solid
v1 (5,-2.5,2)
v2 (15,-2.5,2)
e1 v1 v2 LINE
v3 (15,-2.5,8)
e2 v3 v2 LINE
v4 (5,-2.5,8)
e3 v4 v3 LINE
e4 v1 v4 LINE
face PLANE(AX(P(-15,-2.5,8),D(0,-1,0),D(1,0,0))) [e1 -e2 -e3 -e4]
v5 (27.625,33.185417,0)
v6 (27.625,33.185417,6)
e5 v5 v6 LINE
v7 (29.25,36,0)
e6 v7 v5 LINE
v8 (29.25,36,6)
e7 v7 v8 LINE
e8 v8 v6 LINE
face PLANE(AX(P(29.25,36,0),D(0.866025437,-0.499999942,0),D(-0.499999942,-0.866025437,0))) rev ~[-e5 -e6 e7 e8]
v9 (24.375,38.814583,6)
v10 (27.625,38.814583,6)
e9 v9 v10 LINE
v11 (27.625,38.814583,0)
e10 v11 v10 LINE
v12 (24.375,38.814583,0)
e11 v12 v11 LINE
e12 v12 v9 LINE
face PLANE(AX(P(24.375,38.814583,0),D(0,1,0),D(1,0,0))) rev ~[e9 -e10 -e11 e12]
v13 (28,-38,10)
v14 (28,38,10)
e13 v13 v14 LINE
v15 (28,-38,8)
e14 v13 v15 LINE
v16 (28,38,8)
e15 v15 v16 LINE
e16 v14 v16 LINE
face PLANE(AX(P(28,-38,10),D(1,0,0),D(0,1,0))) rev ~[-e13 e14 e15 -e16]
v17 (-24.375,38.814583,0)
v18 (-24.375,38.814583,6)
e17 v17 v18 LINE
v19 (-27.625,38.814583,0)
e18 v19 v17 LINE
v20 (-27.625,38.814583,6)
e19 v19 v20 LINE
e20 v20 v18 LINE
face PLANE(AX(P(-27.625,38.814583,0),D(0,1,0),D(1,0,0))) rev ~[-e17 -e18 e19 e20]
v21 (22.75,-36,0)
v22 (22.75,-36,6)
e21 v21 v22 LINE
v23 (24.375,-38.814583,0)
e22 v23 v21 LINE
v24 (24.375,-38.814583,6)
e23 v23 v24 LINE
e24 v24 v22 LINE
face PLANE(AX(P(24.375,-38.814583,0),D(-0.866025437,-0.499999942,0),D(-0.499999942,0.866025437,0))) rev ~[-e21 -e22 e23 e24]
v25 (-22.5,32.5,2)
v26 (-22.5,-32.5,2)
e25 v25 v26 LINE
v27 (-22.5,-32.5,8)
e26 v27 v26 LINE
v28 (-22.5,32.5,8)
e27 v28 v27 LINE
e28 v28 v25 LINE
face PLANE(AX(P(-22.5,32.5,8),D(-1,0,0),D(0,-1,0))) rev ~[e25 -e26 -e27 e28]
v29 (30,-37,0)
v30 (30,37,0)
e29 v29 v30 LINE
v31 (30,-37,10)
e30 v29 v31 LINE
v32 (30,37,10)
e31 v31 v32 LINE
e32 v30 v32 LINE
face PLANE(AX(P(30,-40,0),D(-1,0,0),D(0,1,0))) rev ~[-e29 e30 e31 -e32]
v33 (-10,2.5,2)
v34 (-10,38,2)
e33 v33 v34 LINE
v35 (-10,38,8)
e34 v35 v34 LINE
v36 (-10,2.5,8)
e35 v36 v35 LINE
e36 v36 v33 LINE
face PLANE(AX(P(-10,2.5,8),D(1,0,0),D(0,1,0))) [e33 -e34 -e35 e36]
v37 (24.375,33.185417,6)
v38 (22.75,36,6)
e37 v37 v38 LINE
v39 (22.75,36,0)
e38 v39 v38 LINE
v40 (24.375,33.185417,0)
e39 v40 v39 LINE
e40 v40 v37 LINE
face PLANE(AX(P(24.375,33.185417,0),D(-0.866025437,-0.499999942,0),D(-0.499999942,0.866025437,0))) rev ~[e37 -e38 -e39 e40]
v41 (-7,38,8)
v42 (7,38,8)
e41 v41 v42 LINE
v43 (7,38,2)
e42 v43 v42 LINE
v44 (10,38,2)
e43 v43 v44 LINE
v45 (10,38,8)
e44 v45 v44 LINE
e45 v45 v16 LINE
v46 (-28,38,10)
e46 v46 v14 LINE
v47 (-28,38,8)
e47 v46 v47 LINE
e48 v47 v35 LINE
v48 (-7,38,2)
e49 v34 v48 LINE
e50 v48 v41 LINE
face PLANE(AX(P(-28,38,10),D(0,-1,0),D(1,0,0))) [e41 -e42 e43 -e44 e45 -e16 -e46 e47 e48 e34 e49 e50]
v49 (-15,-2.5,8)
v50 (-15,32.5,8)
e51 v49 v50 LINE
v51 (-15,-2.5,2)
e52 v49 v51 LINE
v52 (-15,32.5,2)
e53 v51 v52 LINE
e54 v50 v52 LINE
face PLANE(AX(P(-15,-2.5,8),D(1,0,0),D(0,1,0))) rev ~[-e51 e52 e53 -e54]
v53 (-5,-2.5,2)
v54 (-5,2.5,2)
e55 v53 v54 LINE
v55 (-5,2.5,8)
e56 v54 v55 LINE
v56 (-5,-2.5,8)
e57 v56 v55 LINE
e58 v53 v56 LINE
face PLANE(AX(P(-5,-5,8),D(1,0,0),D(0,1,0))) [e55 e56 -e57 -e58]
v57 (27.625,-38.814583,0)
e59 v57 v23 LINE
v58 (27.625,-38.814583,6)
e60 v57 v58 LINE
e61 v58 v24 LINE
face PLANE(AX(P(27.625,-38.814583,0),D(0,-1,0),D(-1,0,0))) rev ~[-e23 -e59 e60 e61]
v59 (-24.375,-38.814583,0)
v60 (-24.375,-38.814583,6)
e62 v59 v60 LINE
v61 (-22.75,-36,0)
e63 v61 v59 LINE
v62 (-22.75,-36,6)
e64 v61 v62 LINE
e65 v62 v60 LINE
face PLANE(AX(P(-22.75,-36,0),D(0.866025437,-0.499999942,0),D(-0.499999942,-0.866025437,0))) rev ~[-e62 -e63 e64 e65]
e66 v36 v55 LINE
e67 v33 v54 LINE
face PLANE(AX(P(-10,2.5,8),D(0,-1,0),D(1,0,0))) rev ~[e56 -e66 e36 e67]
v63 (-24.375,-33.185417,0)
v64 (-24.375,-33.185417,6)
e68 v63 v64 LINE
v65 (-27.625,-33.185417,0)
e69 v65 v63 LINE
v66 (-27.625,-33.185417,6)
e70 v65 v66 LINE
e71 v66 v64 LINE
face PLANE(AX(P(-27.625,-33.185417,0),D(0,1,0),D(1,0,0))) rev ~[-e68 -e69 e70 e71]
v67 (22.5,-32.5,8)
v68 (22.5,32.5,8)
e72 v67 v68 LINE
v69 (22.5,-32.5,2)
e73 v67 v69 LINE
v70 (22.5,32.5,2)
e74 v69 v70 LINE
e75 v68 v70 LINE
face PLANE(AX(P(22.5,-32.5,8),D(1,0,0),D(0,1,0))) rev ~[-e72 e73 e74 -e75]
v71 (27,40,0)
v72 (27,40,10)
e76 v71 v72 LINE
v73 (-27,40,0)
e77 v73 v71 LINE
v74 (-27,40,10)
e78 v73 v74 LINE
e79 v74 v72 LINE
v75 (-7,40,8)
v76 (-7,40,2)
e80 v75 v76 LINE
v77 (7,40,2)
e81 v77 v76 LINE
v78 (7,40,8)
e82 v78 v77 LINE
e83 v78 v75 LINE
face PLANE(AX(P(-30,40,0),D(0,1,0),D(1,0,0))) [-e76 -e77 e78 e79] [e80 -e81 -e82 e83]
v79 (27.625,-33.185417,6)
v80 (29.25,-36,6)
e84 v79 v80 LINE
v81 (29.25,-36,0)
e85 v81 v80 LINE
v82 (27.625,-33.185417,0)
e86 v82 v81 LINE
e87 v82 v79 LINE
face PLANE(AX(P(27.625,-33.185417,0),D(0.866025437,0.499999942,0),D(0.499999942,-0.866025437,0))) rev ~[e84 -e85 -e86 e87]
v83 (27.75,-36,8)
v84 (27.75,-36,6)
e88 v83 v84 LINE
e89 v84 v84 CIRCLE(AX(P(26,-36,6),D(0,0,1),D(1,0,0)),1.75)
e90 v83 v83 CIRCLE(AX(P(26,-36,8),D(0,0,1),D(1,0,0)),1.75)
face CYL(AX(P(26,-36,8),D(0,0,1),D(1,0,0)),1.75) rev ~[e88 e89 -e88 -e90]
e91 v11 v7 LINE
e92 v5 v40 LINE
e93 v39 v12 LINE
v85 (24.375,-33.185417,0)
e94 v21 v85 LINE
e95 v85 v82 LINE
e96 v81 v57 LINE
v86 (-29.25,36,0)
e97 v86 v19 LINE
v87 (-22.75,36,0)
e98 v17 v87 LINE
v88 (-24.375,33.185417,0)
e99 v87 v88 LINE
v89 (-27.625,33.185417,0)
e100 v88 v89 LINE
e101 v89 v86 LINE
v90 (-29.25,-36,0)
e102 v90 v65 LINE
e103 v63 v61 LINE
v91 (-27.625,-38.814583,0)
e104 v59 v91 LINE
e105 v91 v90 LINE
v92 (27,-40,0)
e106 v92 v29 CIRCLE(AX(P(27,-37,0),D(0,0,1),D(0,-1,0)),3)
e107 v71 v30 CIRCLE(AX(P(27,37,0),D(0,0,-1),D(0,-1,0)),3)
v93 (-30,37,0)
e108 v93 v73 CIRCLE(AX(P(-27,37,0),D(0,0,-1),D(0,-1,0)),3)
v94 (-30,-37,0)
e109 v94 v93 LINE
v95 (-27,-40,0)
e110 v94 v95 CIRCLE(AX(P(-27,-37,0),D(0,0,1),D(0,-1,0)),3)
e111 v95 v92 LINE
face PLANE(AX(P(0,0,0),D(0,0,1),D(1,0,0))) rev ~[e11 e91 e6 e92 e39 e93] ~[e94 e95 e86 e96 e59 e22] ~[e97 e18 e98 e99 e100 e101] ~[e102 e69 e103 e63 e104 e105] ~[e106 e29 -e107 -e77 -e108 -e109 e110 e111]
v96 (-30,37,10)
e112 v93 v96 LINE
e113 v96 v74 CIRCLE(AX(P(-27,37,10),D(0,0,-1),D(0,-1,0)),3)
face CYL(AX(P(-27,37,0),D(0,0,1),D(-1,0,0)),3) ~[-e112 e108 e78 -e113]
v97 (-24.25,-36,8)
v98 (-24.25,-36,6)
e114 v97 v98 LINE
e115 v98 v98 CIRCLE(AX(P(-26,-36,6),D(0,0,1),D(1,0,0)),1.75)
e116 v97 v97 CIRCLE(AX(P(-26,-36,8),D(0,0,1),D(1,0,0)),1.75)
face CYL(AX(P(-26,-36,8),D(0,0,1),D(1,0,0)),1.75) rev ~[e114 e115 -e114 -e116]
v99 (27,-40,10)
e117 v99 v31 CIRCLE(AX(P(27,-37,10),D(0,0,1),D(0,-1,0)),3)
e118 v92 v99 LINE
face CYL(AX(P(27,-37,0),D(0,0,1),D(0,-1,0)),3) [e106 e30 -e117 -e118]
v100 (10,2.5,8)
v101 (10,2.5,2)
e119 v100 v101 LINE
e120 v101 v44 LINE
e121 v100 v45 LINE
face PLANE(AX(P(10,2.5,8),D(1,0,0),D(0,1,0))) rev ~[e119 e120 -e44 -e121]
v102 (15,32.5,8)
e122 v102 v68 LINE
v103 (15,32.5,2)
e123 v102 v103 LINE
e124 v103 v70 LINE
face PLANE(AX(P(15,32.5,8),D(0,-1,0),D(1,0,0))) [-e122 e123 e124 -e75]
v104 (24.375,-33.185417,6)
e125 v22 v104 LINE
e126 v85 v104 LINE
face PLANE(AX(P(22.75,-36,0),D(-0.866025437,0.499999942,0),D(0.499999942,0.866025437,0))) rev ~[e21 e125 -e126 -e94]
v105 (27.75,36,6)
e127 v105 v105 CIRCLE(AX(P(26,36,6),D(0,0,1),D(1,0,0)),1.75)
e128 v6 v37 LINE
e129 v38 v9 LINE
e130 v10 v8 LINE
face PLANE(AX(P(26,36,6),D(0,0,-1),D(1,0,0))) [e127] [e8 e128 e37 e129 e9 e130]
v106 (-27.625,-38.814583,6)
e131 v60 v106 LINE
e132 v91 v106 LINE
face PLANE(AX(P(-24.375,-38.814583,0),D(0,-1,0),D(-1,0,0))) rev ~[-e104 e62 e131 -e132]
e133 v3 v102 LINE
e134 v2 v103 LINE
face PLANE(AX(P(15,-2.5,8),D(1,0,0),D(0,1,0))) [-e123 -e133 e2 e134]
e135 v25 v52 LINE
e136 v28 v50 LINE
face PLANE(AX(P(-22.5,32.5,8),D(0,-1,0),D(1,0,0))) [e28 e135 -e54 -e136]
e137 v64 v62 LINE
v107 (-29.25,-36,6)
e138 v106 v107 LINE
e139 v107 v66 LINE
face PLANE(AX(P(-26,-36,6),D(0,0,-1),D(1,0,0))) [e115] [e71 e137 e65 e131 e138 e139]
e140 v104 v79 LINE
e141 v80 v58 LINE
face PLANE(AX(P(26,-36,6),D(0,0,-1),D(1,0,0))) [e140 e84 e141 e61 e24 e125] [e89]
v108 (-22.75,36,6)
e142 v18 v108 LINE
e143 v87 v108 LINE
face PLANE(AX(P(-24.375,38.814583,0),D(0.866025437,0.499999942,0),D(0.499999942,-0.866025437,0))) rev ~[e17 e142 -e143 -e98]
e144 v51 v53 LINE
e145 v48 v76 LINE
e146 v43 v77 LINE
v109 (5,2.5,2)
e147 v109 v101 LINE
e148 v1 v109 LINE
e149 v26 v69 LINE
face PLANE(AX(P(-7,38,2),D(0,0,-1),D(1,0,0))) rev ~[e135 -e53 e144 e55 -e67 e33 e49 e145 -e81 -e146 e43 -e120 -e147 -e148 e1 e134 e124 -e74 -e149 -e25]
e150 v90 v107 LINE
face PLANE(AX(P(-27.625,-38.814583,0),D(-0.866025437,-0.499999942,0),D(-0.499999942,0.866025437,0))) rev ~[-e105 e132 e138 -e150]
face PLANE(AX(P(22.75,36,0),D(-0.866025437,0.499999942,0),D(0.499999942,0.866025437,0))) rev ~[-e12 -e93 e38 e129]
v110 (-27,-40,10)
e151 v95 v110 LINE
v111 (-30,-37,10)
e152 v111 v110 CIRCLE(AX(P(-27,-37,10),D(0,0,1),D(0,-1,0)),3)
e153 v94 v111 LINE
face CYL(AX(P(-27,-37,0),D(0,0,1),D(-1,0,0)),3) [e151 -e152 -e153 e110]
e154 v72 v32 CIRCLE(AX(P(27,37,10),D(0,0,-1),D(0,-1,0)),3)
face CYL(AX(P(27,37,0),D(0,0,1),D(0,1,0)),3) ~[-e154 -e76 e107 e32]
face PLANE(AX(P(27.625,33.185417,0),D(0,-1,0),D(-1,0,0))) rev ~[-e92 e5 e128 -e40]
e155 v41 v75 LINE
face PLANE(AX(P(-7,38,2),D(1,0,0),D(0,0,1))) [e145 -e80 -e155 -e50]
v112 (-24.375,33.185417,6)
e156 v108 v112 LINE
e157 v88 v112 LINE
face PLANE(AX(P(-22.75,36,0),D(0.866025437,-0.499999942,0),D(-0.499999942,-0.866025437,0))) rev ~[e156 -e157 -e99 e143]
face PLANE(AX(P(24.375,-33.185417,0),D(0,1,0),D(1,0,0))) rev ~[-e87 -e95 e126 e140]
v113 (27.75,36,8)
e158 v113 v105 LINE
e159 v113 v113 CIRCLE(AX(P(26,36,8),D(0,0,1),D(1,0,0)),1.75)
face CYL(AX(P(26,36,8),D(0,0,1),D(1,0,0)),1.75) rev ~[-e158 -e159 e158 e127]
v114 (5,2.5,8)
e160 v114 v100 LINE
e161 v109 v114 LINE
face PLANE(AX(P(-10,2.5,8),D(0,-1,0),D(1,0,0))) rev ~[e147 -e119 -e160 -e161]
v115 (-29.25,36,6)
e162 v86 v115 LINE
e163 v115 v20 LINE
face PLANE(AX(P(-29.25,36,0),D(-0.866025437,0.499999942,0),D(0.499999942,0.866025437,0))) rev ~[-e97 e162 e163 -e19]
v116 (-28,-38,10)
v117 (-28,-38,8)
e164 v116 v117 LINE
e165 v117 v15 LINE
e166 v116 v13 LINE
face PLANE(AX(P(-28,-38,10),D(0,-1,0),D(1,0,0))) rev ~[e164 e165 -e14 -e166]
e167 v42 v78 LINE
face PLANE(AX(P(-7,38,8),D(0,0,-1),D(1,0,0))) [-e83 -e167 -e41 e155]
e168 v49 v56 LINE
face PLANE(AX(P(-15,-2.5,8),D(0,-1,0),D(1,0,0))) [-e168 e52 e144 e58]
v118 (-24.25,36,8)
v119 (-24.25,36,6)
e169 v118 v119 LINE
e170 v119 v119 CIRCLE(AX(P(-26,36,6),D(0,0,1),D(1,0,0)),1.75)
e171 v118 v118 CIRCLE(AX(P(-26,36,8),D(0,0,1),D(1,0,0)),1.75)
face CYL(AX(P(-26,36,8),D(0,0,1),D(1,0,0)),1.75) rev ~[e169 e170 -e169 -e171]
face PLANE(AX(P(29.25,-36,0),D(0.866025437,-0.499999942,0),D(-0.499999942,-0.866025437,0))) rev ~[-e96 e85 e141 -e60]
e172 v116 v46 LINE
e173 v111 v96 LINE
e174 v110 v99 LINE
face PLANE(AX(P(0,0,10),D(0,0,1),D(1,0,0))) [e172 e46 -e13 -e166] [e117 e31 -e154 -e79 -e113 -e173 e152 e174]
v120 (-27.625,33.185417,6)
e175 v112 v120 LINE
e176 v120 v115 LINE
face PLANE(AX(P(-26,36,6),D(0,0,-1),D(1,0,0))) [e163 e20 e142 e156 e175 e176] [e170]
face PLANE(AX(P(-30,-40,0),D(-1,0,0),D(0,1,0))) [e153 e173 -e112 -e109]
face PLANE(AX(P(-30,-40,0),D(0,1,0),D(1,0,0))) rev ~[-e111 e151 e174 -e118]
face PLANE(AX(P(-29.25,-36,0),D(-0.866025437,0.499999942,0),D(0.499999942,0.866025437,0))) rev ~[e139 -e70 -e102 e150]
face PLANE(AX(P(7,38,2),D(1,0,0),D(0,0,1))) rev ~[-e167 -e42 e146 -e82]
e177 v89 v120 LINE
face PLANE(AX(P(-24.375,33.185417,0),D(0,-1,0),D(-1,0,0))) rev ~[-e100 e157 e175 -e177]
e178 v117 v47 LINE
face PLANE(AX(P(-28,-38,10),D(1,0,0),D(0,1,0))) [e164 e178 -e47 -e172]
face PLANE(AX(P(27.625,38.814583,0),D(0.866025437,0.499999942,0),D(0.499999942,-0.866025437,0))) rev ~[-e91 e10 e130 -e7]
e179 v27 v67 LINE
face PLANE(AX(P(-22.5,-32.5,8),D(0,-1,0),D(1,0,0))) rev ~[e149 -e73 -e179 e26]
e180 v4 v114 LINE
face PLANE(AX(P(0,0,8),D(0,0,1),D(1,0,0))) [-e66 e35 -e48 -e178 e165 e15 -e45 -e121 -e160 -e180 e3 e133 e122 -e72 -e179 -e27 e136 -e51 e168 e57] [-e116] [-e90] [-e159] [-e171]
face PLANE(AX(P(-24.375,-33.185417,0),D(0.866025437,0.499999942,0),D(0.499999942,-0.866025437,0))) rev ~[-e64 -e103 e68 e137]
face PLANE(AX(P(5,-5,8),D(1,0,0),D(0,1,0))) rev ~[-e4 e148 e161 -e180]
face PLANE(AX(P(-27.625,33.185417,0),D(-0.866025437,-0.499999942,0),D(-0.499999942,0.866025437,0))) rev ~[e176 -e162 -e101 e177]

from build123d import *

# Parameters (mm, degrees)
SKETCH_W        = 60
SKETCH_H        = 80
PAD_DEPTH       = 10
SKETCH001_W     = 56
SKETCH001_H     = 76
POCKET_DEPTH    = 2
SKETCH002_W     = 20
SKETCH002_H     = 35.5
SKETCH002_W_2   = 45
SKETCH002_H_2   = 30
SKETCH002_W_3   = 7.5
SKETCH002_H_3   = 35
POCKET001_DEPTH = 6
SKETCH003_W     = 14
SKETCH003_H     = 6
POCKET002_DEPTH = 5
FILLET_R        = 3
SKETCH004_R     = 1.75
POCKET003_DEPTH = 10
POCKET004_DEPTH = 6
SKETCH013_W     = 10
SKETCH013_H     = 10
POCKET011_DEPTH = 6


with BuildPart() as part:
    # Sketch → Pad (new body)
    with BuildSketch(Plane.XY):
        Rectangle(SKETCH_W, SKETCH_H)
    extrude(amount=PAD_DEPTH)

    # Sketch001 (on Face6 of Pad) → Pocket (cut)
    with BuildSketch(Plane.XY.offset(10)):
        Rectangle(SKETCH001_W, SKETCH001_H)
    extrude(amount=-POCKET_DEPTH, mode=Mode.SUBTRACT)

    # Sketch002 (on Face11 of Pocket) → Pocket001 (cut)
    with BuildSketch(Plane.XY.offset(8)):
        with Locations((0, 20.25)):
            Rectangle(SKETCH002_W, SKETCH002_H)
        with Locations((0, -17.5)):
            Rectangle(SKETCH002_W_2, SKETCH002_H_2)
        with Locations((-18.75, 15)):
            Rectangle(SKETCH002_W_3, SKETCH002_H_3)
        with Locations((18.75, 15)):
            Rectangle(SKETCH002_W_3, SKETCH002_H_3)
    extrude(amount=-POCKET001_DEPTH, mode=Mode.SUBTRACT)

    # Sketch003 (on Face24 of Pocket001) → Pocket002 (cut)
    with BuildSketch(Plane.XZ.offset(-38)):
        with Locations((0, 5)):
            Rectangle(SKETCH003_W, SKETCH003_H)
    extrude(amount=-POCKET002_DEPTH, mode=Mode.SUBTRACT)

    # Fillet
    fillet_edges = [part.edges().sort_by_distance(p)[0] for p in [
        (-30, -40, 5),
        (-30, 40, 5),
        (30, -40, 5),
        (30, 40, 5),
    ]]
    fillet(fillet_edges, radius=FILLET_R)

    # Sketch004 (on Face19 of Fillet) → Pocket003 (cut)
    with BuildSketch(Plane.XY.offset(8)):
        with Locations((26, -36)):
            Circle(SKETCH004_R)
        with Locations((-26, -36)):
            Circle(SKETCH004_R)
        with Locations((-26, 36)):
            Circle(SKETCH004_R)
        with Locations((26, 36)):
            Circle(SKETCH004_R)
    extrude(amount=-POCKET003_DEPTH, mode=Mode.SUBTRACT)

    # Sketch005 (on Face2 of Pocket003) → Pocket004 (cut)
    with BuildSketch(Plane(origin=(0, 0, 0), x_dir=(1, 0, 0), z_dir=(0, 0, -1))):
        Polygon((-24.375, 33.185417), (-22.75, 36), (-24.375, 38.814583), (-27.625, 38.814583), (-29.25, 36), (-27.625, 33.185417), align=None)
        Polygon((27.625, 33.185417), (29.25, 36), (27.625, 38.814583), (24.375, 38.814583), (22.75, 36), (24.375, 33.185417), align=None)
        Polygon((-22.75, -36), (-24.375, -33.185417), (-27.625, -33.185417), (-29.25, -36), (-27.625, -38.814583), (-24.375, -38.814583), align=None)
        Polygon((29.25, -36), (27.625, -33.185417), (24.375, -33.185417), (22.75, -36), (24.375, -38.814583), (27.625, -38.814583), align=None)
    extrude(amount=-POCKET004_DEPTH, mode=Mode.SUBTRACT)

    # Sketch013 (on Face47 of Pocket004) → Pocket011 (cut)
    with BuildSketch(Plane.XY.offset(8)):
        Rectangle(SKETCH013_W, SKETCH013_H)
    extrude(amount=-POCKET011_DEPTH, mode=Mode.SUBTRACT)


solid = part.part
